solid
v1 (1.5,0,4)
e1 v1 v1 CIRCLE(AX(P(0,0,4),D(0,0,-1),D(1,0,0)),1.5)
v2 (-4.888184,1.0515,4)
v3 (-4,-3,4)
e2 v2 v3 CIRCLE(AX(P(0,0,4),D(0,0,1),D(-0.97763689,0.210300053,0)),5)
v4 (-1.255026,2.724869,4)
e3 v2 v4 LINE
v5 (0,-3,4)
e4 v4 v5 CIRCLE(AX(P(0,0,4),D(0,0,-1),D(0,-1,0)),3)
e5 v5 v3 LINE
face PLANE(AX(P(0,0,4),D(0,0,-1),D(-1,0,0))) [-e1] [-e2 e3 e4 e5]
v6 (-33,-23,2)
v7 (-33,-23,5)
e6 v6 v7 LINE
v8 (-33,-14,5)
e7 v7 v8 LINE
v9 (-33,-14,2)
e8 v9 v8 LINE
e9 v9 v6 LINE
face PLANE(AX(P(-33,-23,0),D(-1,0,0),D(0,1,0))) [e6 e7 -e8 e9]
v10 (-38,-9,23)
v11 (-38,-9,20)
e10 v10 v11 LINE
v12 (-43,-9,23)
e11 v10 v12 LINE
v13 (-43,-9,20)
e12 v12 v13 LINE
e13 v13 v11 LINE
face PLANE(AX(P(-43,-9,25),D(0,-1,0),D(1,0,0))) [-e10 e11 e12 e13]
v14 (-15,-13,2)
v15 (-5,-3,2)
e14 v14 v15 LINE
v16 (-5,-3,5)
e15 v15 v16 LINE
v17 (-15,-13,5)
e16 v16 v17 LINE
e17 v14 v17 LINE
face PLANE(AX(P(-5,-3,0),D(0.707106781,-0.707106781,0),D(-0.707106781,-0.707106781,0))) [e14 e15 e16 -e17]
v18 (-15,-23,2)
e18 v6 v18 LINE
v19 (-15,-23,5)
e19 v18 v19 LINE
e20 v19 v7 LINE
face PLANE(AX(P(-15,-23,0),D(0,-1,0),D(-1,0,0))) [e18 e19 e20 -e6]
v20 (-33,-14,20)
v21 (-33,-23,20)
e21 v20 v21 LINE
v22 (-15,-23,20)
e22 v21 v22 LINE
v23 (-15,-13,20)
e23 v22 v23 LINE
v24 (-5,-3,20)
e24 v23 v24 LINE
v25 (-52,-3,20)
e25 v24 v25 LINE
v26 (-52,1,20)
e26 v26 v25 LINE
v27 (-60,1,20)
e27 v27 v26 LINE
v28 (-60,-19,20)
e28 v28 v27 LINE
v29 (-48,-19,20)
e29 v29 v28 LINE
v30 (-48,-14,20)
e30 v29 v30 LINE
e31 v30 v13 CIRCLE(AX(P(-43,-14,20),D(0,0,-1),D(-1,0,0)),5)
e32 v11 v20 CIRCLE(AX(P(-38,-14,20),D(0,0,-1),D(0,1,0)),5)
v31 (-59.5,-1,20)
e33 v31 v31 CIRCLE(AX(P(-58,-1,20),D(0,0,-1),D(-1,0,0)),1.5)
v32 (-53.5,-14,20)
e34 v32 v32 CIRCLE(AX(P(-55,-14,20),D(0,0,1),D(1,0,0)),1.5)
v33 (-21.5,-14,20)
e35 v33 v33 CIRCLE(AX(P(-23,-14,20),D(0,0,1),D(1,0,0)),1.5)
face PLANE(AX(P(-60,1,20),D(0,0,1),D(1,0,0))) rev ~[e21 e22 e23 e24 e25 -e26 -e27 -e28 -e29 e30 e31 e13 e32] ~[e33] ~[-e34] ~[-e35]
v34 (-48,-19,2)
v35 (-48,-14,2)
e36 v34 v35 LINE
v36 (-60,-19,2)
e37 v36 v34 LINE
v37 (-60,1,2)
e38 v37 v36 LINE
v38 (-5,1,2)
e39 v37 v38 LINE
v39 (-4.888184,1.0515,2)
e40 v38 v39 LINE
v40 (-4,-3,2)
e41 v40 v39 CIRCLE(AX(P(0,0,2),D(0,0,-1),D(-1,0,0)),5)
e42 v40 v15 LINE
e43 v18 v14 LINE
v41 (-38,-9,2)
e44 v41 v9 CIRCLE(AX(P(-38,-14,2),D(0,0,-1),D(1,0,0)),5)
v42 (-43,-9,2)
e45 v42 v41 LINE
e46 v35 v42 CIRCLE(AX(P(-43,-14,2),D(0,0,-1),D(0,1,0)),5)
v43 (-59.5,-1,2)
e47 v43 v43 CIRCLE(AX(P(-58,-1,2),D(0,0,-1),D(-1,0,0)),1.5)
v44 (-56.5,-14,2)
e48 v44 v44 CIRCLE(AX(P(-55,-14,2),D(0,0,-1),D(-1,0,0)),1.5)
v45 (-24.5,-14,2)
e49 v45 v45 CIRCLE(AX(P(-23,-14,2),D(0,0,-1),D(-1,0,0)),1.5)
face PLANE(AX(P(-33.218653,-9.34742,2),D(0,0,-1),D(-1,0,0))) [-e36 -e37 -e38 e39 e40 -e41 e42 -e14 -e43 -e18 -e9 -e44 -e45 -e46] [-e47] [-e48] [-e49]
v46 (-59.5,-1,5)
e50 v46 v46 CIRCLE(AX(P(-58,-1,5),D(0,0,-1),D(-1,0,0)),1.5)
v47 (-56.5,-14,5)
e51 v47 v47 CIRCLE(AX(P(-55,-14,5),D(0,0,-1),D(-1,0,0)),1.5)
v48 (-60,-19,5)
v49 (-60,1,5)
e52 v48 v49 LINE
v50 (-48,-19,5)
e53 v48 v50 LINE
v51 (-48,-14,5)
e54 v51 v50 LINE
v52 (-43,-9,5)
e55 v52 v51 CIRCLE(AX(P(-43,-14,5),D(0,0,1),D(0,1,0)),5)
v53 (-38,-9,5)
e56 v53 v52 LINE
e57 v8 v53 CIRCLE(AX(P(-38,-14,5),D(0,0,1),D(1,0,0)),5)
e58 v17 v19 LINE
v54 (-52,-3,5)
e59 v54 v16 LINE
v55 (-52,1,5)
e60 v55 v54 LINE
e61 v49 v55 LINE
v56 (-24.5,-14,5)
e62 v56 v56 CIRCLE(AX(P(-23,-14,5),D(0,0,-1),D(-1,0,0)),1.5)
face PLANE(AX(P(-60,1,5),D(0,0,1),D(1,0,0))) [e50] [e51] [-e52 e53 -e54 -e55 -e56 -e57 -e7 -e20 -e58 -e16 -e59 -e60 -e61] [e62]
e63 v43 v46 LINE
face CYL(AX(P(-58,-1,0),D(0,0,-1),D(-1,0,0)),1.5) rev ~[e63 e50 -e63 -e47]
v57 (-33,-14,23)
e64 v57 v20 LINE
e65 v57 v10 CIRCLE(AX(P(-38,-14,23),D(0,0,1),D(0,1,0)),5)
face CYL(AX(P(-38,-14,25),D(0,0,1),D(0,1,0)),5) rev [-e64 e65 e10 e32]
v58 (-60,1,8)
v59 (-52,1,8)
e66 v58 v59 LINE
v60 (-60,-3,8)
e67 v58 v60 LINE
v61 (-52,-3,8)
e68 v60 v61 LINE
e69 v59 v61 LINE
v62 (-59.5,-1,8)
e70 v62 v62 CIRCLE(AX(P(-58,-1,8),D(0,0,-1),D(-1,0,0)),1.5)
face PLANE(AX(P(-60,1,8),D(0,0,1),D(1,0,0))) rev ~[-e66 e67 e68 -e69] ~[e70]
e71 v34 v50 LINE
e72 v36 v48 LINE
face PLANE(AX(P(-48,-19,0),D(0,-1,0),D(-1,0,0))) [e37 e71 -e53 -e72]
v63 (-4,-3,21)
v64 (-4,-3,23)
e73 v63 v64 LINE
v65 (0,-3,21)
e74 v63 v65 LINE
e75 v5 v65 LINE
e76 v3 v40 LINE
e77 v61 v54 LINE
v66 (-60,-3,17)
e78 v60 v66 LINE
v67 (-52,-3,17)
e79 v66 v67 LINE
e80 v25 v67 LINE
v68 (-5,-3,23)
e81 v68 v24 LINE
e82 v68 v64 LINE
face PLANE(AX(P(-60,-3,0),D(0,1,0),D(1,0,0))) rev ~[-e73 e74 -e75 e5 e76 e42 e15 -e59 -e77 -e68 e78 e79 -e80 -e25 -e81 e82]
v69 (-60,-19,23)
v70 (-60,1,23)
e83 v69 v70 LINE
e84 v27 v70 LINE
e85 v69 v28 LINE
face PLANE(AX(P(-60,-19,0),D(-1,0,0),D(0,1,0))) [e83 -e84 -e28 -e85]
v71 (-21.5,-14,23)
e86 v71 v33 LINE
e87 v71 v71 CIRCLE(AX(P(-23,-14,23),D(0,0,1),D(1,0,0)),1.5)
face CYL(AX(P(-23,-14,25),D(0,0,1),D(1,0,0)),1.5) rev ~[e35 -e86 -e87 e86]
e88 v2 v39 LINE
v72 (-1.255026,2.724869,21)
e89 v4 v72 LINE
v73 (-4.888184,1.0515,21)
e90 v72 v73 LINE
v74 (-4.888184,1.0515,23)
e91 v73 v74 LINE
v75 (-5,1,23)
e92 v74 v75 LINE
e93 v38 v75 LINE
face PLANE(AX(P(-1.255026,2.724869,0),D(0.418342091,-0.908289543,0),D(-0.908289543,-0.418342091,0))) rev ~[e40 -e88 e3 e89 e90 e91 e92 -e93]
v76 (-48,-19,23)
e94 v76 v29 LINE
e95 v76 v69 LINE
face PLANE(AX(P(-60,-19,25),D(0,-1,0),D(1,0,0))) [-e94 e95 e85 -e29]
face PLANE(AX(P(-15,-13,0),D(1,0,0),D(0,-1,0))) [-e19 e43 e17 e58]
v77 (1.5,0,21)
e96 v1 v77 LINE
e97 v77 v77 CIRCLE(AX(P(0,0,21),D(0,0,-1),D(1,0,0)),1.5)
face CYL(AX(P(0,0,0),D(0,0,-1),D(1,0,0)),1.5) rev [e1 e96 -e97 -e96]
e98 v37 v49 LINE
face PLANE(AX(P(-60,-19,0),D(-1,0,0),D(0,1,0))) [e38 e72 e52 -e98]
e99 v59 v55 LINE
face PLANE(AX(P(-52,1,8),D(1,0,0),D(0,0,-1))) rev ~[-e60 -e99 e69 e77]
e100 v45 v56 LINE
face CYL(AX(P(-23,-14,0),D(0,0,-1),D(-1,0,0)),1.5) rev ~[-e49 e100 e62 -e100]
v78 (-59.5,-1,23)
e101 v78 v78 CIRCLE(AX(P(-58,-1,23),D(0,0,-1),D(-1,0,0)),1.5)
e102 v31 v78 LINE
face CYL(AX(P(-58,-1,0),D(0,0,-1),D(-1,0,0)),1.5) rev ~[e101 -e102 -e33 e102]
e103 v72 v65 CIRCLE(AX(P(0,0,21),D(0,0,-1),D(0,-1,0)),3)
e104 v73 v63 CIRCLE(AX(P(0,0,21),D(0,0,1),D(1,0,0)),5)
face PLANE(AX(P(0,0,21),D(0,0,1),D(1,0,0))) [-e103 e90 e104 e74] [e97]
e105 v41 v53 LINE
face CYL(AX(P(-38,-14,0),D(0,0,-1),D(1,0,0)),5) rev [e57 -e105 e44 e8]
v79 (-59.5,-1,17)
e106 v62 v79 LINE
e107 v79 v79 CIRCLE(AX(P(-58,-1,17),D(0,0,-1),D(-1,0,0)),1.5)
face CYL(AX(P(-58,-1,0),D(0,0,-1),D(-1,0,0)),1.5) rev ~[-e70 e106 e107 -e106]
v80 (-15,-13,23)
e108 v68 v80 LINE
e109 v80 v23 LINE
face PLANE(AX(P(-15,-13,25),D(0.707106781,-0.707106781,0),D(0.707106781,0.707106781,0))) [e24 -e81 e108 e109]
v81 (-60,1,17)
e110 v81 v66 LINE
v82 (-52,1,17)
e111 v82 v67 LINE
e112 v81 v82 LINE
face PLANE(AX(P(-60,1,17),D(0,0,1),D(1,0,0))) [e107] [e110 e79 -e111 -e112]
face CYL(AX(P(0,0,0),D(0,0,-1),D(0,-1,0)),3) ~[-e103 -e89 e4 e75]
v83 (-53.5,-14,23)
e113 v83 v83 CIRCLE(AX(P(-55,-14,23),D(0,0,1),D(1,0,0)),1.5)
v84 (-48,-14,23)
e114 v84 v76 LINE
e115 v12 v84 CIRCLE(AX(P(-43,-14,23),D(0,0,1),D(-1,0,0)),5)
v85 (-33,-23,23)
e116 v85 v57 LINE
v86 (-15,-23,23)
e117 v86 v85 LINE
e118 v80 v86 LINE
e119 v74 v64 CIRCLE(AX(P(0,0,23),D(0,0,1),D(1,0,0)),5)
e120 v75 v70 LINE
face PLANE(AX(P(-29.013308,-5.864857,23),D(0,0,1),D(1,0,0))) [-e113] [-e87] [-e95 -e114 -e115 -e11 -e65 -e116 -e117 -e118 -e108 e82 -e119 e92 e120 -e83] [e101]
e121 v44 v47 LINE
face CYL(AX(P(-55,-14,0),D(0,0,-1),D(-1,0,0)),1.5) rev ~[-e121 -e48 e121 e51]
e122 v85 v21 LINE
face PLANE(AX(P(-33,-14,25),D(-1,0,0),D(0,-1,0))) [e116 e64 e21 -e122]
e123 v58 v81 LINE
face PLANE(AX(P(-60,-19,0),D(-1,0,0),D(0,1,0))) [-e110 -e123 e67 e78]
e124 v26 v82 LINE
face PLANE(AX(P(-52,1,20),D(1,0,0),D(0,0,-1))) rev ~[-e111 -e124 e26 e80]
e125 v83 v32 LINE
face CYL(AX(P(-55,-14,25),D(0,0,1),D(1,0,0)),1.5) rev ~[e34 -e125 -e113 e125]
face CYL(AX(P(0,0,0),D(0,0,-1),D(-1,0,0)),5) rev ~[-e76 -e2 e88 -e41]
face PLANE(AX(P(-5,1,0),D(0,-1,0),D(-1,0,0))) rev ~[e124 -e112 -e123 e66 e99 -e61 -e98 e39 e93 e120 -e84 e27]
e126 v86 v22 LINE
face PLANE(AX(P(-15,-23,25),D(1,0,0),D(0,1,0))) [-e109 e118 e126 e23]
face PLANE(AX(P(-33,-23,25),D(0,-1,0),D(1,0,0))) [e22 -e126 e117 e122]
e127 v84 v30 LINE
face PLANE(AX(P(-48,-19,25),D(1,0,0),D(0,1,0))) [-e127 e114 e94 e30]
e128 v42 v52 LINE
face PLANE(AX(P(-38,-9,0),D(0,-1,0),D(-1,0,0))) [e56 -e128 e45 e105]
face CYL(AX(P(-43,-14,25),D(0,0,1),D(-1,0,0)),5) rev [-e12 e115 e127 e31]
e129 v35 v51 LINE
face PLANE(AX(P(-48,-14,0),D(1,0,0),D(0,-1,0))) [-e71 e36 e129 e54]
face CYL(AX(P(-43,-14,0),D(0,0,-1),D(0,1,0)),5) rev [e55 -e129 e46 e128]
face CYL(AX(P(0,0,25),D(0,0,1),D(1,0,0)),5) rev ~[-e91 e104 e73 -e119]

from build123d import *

# Parameters (mm, degrees)
SKETCH_1_R          = 3
SKETCH_1_R_2        = 1.5
EXTRUDE_1_DEPTH     = 25
EXTRUDE_2_DEPTH     = 5
SKETCH_3_R          = 1.5
CUT_EXTRUDE_1_DEPTH = 26
SKETCH_4_R          = 5
CUT_EXTRUDE_2_DEPTH = 4
SKETCH_5_R          = 1.5
EXTRUDE_3_DEPTH     = 5
SKETCH_6_R          = 5
CUT_EXTRUDE_3_DEPTH = 4
SKETCH_7_W          = 8
SKETCH_7_H          = 3
CUT_EXTRUDE_4_DEPTH = 25
SKETCH_8_R          = 1.5
CUT_EXTRUDE_5_DEPTH = 26
SKETCH_9_W          = 62.045271576
SKETCH_9_H          = 47.186533399
CUT_EXTRUDE_6_DEPTH = 2
SKETCH_10_R         = 43.321303534
CUT_EXTRUDE_7_DEPTH = 2


with BuildPart() as part:
    # 草图1 → 凸台-拉伸1 (new body)
    with BuildSketch(Plane.XY):
        with BuildLine():
            Line((-60, -3), (0, -3))
            ThreePointArc((0, -3), (-2.93041003, -0.642415018), (-1.255026274, 2.72486863))
            Line((-1.255026274, 2.72486863), (-5, 1))
            Line((-5, 1), (-60, 1))
            Line((-60, 1), (-60, -3))
        make_face()
        Circle(SKETCH_1_R)
        Circle(SKETCH_1_R_2, mode=Mode.SUBTRACT)
    extrude(amount=EXTRUDE_1_DEPTH)

    # 草图2 → 凸台-拉伸2 (add)
    with BuildSketch(Plane.XY.offset(25)):
        with BuildLine():
            Line((-60, -3), (-60, -19))
            Line((-60, -19), (-48, -19))
            Line((-48, -19), (-48, -14))
            ThreePointArc((-48, -14), (-46.535533906, -10.464466094), (-43, -9))
            Line((-43, -9), (-38, -9))
            ThreePointArc((-38, -9), (-34.464466094, -10.464466094), (-33, -14))
            Line((-33, -14), (-33, -23))
            Line((-33, -23), (-15, -23))
            Line((-15, -23), (-15, -13))
            Line((-15, -13), (-5, -3))
            Line((-5, -3), (-60, -3))
        make_face()
    extrude(amount=-EXTRUDE_2_DEPTH)

    # 草图3 → 切除-拉伸1 (cut, through all)
    with BuildSketch(Plane.XY.offset(25)):
        with Locations((-55, -14)):
            Circle(SKETCH_3_R)
        with Locations((-23, -14)):
            Circle(SKETCH_3_R)
    extrude(amount=-CUT_EXTRUDE_1_DEPTH, mode=Mode.SUBTRACT)

    # 草图4 → 切除-拉伸2 (cut)
    with BuildSketch(Plane.XY.offset(25)):
        Circle(SKETCH_4_R)
    extrude(amount=-CUT_EXTRUDE_2_DEPTH, mode=Mode.SUBTRACT)

    # 草图5 → 凸台-拉伸3 (add)
    with BuildSketch(Plane(origin=(0, 0, 0), x_dir=(-1, 0, 0), z_dir=(0, 0, -1))):
        with BuildLine():
            Line((60, -3), (5, -3))
            Line((5, -3), (15, -13))
            Line((15, -13), (15, -23))
            Line((15, -23), (33, -23))
            Line((33, -23), (33, -14))
            ThreePointArc((33, -14), (34.464466094, -10.464466094), (38, -9))
            Line((38, -9), (43, -9))
            ThreePointArc((43, -9), (46.535533906, -10.464466094), (48, -14))
            Line((48, -14), (48, -19))
            Line((48, -19), (60, -19))
            Line((60, -19), (60, -3))
        make_face()
        with Locations((23, -14)):
            Circle(SKETCH_5_R, mode=Mode.SUBTRACT)
        with Locations((55, -14)):
            Circle(SKETCH_5_R, mode=Mode.SUBTRACT)
    extrude(amount=-EXTRUDE_3_DEPTH)

    # 草图6 → 切除-拉伸3 (cut)
    with BuildSketch(Plane(origin=(0, 0, 0), x_dir=(-1, 0, 0), z_dir=(0, 0, -1))):
        Circle(SKETCH_6_R)
    extrude(amount=-CUT_EXTRUDE_3_DEPTH, mode=Mode.SUBTRACT)

    # 草图7 → 切除-拉伸4 (cut, through all)
    with BuildSketch(Plane(origin=(0, 1, 0), x_dir=(1, 0, 0), z_dir=(0, 1, 0))):
        with Locations((-56, -6.5)):
            Rectangle(SKETCH_7_W, SKETCH_7_H)
        with Locations((-56, -18.5)):
            Rectangle(SKETCH_7_W, SKETCH_7_H)
    extrude(amount=-CUT_EXTRUDE_4_DEPTH, mode=Mode.SUBTRACT)

    # 草图8 → 切除-拉伸5 (cut, through all)
    with BuildSketch(Plane(origin=(0, 0, 0), x_dir=(-1, 0, 0), z_dir=(0, 0, -1))):
        with Locations((58, -1)):
            Circle(SKETCH_8_R)
    extrude(amount=-CUT_EXTRUDE_5_DEPTH, mode=Mode.SUBTRACT)

    # 草图9 → 切除-拉伸6 (cut)
    with BuildSketch(Plane(origin=(0, 0, 0), x_dir=(-1, 0, 0), z_dir=(0, 0, -1))):
        with Locations((33.21865334, -9.347420282)):
            Rectangle(SKETCH_9_W, SKETCH_9_H)
    extrude(amount=-CUT_EXTRUDE_6_DEPTH, mode=Mode.SUBTRACT)

    # 草图10 → 切除-拉伸7 (cut)
    with BuildSketch(Plane.XY.offset(25)):
        with Locations((-29.013307515, -5.864856676)):
            Circle(SKETCH_10_R)
    extrude(amount=-CUT_EXTRUDE_7_DEPTH, mode=Mode.SUBTRACT)


solid = part.part
